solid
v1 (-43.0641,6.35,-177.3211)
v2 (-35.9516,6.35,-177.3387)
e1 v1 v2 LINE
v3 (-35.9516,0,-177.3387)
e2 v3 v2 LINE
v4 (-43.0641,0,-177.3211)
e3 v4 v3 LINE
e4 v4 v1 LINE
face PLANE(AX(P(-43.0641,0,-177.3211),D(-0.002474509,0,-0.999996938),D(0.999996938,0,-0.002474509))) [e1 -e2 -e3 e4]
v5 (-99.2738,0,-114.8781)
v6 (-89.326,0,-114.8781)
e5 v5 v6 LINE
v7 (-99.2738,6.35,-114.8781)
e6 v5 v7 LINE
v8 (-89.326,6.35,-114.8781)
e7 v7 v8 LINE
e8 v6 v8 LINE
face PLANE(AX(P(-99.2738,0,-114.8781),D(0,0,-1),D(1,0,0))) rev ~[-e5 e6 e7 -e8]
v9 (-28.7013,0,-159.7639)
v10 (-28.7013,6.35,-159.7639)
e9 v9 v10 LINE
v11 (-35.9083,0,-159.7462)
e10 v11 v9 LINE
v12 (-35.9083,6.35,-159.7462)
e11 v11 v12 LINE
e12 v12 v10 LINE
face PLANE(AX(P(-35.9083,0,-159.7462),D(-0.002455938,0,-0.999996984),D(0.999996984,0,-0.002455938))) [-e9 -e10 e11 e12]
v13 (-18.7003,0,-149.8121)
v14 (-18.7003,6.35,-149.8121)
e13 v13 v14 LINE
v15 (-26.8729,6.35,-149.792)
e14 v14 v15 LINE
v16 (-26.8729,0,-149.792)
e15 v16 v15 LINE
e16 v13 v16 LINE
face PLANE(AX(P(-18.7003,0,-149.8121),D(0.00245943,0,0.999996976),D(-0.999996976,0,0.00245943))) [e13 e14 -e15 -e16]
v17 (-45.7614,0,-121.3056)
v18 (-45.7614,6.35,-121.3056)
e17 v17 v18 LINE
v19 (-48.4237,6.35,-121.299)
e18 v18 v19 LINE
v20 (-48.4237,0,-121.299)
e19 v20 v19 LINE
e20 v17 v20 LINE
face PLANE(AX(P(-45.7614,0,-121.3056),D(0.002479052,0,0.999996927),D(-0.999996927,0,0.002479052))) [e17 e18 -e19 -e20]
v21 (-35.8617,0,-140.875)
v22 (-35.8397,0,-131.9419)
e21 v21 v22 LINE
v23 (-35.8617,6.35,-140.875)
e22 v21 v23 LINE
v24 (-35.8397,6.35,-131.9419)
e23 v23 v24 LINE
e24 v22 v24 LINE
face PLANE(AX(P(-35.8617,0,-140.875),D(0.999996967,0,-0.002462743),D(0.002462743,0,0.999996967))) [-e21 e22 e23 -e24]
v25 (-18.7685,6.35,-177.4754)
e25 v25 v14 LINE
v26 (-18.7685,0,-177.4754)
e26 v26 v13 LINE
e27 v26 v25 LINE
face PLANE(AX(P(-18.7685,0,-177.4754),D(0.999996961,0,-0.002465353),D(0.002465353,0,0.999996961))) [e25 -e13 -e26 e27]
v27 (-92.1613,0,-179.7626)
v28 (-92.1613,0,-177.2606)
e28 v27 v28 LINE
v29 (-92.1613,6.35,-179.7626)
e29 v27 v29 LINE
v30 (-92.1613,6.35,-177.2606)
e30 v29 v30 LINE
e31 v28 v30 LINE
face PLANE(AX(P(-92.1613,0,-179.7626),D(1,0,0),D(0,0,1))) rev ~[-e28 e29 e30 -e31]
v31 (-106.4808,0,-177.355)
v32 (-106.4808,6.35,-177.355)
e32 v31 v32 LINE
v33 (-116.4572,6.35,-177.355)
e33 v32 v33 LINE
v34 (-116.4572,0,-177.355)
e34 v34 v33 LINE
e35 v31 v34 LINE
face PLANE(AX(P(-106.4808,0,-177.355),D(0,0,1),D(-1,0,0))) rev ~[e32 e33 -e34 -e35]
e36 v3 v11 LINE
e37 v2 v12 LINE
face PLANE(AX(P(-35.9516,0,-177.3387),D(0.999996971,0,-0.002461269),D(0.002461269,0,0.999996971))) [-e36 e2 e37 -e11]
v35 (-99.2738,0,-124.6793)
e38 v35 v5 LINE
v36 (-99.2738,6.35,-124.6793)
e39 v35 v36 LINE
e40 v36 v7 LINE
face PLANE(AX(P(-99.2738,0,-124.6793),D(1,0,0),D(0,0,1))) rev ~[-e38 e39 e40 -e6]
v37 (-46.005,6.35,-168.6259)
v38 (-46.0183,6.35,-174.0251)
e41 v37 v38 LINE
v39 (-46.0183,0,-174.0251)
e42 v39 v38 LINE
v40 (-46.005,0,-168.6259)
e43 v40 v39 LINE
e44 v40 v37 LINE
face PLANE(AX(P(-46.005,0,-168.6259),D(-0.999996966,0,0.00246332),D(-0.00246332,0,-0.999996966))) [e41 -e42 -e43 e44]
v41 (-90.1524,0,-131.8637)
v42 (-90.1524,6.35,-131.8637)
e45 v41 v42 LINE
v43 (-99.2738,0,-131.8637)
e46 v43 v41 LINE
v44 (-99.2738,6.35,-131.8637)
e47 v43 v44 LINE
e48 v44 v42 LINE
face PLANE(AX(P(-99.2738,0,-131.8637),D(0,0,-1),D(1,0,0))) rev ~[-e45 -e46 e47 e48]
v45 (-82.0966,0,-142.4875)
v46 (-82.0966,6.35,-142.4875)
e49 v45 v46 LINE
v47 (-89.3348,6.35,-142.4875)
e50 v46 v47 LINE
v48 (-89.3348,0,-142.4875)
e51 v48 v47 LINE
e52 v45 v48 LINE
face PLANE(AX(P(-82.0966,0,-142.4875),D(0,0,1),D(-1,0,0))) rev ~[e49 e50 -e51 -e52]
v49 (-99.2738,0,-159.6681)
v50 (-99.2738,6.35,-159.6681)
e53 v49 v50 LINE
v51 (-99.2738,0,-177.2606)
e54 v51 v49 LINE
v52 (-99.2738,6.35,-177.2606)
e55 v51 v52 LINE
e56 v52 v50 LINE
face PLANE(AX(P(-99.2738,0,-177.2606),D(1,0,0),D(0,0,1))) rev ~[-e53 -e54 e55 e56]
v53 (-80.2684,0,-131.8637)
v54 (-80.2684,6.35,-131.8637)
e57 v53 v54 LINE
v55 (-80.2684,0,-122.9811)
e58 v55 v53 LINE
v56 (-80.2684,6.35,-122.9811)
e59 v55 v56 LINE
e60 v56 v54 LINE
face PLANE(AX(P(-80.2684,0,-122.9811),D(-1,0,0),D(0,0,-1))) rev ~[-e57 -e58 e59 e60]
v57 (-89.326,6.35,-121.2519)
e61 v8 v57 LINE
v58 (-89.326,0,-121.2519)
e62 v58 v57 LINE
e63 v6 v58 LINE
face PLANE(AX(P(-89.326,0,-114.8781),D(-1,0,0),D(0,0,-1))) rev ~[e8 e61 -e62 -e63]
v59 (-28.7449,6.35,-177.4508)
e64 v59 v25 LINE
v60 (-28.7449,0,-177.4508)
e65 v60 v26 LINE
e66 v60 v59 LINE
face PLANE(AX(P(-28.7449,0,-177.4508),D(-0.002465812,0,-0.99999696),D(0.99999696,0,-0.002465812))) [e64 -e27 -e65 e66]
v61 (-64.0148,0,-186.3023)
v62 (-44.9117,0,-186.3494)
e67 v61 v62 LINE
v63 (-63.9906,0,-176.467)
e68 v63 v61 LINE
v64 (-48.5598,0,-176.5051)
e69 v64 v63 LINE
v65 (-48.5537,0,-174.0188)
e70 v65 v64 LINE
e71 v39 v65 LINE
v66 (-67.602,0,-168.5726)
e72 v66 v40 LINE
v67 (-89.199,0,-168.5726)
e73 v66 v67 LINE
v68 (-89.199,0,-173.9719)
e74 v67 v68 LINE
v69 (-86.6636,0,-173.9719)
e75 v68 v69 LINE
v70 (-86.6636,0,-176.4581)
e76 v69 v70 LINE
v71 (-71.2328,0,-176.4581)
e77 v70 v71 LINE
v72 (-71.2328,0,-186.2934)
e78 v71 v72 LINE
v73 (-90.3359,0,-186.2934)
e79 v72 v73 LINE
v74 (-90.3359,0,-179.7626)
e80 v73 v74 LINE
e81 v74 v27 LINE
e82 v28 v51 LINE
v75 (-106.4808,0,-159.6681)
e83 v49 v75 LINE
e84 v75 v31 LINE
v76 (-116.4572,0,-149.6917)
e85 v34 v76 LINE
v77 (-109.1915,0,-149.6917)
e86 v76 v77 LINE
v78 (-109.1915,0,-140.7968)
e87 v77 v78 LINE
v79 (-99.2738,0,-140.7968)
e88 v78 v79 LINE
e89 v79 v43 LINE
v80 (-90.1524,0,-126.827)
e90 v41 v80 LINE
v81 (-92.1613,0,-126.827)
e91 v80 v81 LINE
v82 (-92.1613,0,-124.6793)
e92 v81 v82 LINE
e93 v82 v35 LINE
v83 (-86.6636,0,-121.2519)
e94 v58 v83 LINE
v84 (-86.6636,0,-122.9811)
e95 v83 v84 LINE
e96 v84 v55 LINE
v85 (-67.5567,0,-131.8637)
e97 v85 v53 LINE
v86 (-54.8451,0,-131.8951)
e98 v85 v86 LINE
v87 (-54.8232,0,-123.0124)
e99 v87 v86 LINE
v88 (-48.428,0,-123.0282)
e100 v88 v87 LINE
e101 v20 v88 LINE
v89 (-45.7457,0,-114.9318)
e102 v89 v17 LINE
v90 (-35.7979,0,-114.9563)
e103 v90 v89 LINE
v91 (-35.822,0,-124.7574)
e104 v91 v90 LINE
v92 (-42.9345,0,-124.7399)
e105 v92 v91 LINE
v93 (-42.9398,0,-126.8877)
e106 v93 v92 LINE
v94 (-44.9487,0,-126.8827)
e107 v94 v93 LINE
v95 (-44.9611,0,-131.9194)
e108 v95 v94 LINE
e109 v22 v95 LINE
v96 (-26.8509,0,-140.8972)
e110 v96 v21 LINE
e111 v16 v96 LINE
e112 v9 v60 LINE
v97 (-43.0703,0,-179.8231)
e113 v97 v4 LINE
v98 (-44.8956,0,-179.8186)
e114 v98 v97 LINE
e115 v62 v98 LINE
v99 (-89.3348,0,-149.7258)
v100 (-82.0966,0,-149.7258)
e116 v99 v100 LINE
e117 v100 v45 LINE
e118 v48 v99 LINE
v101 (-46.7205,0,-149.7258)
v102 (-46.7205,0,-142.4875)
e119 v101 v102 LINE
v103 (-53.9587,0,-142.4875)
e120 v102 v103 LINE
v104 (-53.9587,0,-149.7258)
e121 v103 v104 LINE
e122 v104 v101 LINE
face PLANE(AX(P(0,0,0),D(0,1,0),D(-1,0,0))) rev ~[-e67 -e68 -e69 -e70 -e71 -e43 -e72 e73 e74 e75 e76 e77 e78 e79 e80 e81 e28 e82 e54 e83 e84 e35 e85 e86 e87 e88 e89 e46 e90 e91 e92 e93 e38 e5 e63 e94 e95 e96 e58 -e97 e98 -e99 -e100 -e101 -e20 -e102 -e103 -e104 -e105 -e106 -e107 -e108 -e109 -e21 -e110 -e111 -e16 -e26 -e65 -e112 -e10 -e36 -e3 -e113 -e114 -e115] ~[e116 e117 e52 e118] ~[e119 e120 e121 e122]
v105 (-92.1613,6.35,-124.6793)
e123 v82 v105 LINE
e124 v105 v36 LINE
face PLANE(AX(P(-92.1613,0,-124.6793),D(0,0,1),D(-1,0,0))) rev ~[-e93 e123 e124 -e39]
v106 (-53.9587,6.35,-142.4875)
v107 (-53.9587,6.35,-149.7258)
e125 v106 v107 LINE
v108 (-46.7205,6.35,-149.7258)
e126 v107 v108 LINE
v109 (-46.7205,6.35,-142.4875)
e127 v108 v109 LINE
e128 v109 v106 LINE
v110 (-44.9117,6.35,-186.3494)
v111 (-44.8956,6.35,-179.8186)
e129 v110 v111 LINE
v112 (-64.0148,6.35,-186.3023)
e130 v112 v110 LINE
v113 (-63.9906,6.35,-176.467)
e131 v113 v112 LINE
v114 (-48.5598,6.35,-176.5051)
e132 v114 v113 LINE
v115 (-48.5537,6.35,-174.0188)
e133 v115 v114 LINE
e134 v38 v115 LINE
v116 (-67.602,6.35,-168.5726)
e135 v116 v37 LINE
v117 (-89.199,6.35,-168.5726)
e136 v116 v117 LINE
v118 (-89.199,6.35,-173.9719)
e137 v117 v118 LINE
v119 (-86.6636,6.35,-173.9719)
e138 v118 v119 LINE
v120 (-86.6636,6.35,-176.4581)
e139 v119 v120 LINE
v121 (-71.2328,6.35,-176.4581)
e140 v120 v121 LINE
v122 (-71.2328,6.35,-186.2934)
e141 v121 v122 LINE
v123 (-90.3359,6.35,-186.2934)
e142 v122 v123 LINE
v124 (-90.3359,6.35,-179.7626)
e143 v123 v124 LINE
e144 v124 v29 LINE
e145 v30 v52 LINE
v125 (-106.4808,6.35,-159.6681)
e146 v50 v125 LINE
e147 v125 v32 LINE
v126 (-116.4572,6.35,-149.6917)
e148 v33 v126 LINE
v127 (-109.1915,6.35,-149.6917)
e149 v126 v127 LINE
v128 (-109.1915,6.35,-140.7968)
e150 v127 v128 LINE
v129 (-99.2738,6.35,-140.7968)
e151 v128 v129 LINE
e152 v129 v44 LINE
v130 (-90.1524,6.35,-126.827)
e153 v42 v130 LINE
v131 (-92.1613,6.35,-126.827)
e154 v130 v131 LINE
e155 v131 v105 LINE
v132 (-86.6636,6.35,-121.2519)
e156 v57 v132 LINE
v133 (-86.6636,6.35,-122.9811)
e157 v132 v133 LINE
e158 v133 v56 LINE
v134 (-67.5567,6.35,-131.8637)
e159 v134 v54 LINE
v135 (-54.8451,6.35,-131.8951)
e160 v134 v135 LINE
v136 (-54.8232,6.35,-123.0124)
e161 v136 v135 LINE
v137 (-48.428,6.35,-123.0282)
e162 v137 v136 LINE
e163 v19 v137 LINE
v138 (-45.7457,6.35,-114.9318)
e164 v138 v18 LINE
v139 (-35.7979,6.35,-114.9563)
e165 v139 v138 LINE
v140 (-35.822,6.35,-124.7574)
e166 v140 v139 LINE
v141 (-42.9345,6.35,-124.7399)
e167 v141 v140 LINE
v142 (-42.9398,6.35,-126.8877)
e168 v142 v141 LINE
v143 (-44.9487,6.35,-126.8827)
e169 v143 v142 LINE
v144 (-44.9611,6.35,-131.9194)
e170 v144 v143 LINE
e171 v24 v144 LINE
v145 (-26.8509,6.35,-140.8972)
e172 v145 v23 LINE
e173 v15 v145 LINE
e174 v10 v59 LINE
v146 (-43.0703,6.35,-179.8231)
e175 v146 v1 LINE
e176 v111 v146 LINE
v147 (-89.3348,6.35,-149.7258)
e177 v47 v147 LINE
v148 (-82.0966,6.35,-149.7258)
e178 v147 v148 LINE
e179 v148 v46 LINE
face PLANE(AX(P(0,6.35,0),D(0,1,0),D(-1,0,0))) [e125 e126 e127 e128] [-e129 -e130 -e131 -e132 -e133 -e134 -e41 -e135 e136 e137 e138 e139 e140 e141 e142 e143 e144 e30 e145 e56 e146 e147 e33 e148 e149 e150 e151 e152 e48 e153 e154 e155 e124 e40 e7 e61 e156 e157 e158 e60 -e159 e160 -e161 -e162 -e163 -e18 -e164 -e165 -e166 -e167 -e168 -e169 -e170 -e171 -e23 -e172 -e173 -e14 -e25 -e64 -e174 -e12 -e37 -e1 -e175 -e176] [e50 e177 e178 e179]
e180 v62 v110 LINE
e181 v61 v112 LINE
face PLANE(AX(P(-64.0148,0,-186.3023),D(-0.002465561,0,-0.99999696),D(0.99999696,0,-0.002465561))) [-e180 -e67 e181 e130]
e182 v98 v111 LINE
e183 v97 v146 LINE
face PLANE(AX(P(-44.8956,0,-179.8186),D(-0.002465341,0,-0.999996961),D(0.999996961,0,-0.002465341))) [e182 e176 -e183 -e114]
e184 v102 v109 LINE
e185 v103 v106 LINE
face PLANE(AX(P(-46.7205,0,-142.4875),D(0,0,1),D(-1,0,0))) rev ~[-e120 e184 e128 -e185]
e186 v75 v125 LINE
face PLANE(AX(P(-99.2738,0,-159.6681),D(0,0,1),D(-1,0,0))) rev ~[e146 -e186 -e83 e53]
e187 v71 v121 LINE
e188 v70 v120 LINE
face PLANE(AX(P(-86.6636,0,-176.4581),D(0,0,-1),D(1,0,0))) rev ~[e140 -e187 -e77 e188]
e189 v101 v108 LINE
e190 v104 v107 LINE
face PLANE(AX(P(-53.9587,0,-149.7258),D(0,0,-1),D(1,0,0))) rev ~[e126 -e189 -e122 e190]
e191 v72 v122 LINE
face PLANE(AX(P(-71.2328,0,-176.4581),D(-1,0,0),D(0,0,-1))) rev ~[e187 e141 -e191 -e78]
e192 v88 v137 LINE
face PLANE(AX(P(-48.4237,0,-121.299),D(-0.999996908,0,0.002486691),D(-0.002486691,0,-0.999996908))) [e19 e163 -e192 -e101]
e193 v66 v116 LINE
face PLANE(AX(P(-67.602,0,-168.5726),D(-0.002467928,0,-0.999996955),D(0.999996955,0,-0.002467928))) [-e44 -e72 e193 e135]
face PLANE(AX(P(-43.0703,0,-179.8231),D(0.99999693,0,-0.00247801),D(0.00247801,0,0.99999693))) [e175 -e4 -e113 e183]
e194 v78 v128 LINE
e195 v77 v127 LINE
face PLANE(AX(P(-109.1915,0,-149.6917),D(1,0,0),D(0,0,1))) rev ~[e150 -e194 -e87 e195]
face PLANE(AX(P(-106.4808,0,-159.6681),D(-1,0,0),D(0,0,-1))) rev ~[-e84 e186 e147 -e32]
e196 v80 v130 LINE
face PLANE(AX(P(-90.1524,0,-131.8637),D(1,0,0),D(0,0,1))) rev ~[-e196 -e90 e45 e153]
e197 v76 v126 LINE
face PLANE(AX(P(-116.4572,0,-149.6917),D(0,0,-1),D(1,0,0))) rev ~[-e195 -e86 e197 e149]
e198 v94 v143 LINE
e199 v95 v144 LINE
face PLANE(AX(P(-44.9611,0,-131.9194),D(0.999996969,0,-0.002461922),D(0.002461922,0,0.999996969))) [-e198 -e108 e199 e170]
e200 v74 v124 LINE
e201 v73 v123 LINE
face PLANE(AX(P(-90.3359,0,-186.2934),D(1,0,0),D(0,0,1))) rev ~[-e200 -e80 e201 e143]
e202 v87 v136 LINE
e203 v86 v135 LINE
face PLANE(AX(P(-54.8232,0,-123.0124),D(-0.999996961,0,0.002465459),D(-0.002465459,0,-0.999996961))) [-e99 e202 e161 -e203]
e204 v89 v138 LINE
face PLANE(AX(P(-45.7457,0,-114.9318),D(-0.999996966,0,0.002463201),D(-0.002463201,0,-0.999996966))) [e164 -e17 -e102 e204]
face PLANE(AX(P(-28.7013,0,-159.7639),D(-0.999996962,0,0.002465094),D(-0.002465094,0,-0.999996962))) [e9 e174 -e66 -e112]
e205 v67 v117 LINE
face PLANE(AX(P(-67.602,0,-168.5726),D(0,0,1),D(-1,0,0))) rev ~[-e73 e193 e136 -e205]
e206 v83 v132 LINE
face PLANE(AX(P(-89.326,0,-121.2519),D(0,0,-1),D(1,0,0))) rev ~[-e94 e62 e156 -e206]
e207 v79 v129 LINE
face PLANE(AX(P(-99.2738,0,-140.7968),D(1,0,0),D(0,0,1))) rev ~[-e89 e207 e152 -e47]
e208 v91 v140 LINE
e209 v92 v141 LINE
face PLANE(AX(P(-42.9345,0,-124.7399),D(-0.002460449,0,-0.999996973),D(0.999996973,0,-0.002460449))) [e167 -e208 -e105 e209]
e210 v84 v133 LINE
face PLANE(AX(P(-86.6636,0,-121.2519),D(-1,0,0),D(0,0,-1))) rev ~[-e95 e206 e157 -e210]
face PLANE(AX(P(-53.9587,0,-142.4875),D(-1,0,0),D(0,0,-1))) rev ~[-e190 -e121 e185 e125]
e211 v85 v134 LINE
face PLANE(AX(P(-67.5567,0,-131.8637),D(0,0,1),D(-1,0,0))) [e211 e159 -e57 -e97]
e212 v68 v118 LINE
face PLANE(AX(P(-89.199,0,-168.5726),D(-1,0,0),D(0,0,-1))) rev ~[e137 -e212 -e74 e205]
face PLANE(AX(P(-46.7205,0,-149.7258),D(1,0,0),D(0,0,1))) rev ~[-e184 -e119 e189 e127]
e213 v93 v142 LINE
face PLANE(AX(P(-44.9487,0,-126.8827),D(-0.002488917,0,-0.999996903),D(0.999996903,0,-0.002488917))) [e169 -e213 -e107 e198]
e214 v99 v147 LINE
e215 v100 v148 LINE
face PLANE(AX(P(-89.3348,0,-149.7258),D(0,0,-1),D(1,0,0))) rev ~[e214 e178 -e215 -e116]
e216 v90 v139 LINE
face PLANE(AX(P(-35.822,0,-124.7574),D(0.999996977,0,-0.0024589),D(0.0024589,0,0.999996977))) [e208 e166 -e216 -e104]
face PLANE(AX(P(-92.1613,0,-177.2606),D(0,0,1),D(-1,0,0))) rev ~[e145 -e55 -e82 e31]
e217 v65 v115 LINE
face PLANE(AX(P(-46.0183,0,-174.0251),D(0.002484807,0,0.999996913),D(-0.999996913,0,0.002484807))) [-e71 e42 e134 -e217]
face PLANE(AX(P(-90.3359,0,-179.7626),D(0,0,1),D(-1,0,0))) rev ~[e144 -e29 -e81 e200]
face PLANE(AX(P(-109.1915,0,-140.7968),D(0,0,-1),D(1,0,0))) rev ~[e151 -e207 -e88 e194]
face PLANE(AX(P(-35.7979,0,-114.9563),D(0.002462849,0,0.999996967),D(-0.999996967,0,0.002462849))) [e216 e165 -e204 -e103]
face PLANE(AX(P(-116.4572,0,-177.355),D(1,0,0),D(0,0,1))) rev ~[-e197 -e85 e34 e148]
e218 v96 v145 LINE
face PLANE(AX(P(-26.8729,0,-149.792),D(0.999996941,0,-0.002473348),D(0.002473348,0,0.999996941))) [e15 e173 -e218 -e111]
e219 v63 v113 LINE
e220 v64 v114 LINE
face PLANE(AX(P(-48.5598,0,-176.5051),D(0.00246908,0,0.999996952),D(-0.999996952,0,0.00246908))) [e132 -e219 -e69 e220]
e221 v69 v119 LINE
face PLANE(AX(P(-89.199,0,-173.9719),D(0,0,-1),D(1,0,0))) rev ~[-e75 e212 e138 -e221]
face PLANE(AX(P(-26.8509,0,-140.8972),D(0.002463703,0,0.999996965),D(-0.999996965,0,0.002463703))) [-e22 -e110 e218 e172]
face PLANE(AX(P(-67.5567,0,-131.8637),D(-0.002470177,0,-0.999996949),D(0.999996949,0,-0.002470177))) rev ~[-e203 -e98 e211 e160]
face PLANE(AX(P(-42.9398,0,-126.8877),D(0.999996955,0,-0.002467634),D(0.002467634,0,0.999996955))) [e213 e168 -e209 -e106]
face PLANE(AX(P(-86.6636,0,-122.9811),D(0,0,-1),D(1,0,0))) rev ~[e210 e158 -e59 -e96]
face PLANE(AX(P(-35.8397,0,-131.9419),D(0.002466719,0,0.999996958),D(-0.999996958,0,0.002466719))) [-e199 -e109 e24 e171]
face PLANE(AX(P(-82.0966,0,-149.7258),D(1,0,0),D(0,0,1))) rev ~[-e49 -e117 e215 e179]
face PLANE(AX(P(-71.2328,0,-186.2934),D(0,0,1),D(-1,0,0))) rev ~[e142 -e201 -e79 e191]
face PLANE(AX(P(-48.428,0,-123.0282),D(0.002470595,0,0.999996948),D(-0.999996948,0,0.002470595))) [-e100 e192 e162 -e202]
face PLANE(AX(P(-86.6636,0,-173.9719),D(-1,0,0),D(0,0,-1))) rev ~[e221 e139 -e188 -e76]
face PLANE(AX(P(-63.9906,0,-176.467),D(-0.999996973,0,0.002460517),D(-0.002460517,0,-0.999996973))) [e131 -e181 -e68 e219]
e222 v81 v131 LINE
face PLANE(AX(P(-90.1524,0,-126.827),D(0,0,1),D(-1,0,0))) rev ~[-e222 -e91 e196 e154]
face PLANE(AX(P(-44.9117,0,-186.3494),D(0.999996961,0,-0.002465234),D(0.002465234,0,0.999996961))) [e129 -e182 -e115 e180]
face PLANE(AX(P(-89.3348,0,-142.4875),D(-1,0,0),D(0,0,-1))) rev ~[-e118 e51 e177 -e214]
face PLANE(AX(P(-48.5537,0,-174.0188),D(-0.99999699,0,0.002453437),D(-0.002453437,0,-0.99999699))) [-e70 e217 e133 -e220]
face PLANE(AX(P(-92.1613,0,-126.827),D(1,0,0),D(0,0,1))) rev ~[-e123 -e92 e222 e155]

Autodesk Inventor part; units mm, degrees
ref_plane "YZ Plane" through (0, 0, 0) normal (1, 0, 0) x (0, 1, 0)
ref_plane "XZ Plane" through (0, 0, 0) normal (0, 1, 0) x (-1, 0, 0)
ref_plane "XY Plane" through (0, 0, 0) normal (0, 0, 1) x (1, 0, 0)
sketch "Sketch1" plane through (0, 0, 0) normal (0, 1, 0) x (-1, 0, 0)
  line L0 (0, 0) -> (464.159, 0) construction
  line L1 (464.159, 0) -> (464.159, -207.7664) construction
  line L2 (464.159, -207.7664) -> (0, -207.7664) construction
  line L3 (0, -207.7664) -> (0, 0) construction
  line L4 (89.199, -168.5726) -> (89.199, -173.9719)
  line L5 (89.199, -173.9719) -> (86.6636, -173.9719)
  line L6 (86.6636, -173.9719) -> (86.6636, -176.4581)
  line L7 (86.6636, -176.4581) -> (71.2328, -176.4581)
  line L8 (71.2328, -176.4581) -> (71.2328, -186.2934)
  line L9 (71.2328, -186.2934) -> (90.3359, -186.2934)
  line L10 (90.3359, -186.2934) -> (90.3359, -179.7626)
  line L11 (90.3359, -179.7626) -> (92.1613, -179.7626)
  line L12 (92.1613, -179.7626) -> (92.1613, -177.2606)
  line L13 (92.1613, -177.2606) -> (99.2738, -177.2606)
  line L14 (99.2738, -177.2606) -> (99.2738, -159.6681)
  line L15 (99.2738, -159.6681) -> (106.4808, -159.6681)
  line L16 (106.4808, -159.6681) -> (106.4808, -177.355)
  line L17 (106.4808, -177.355) -> (116.4572, -177.355)
  line L18 (116.4572, -177.355) -> (116.4572, -149.6917)
  line L19 (116.4572, -149.6917) -> (109.1915, -149.6917)
  line L20 (109.1915, -149.6917) -> (109.1915, -140.7968)
  line L21 (109.1915, -140.7968) -> (99.2738, -140.7968)
  line L22 (99.2738, -140.7968) -> (99.2738, -131.8637)
  line L23 (99.2738, -131.8637) -> (90.1524, -131.8637)
  line L24 (90.1524, -131.8637) -> (90.1524, -126.827)
  line L25 (90.1524, -126.827) -> (92.1613, -126.827)
  line L26 (92.1613, -126.827) -> (92.1613, -124.6793)
  line L27 (92.1613, -124.6793) -> (99.2738, -124.6793)
  line L28 (99.2738, -124.6793) -> (99.2738, -114.8781)
  line L29 (99.2738, -114.8781) -> (89.326, -114.8781)
  line L30 (89.326, -114.8781) -> (89.326, -121.2519)
  line L31 (89.326, -121.2519) -> (86.6636, -121.2519)
  line L32 (86.6636, -121.2519) -> (86.6636, -122.9811)
  line L33 (86.6636, -122.9811) -> (80.2684, -122.9811)
  line L34 (80.2684, -122.9811) -> (80.2684, -131.8637)
  line L35 (67.5567, -131.8637) -> (80.2684, -131.8637)
  line L36 (67.602, -168.5726) -> (89.199, -168.5726)
  line L37 (46.005, -168.6259) -> (46.0183, -174.0251)
  line L38 (46.0183, -174.0251) -> (48.5537, -174.0188)
  line L39 (48.5537, -174.0188) -> (48.5598, -176.5051)
  line L40 (48.5598, -176.5051) -> (63.9906, -176.467)
  line L41 (63.9906, -176.467) -> (64.0148, -186.3023)
  line L42 (64.0148, -186.3023) -> (44.9117, -186.3494)
  line L43 (44.9117, -186.3494) -> (44.8956, -179.8186)
  line L44 (44.8956, -179.8186) -> (43.0703, -179.8231)
  line L45 (43.0703, -179.8231) -> (43.0641, -177.3211)
  line L46 (43.0641, -177.3211) -> (35.9516, -177.3387)
  line L47 (35.9516, -177.3387) -> (35.9083, -159.7462)
  line L48 (35.9083, -159.7462) -> (28.7013, -159.7639)
  line L49 (28.7013, -159.7639) -> (28.7449, -177.4508)
  line L50 (28.7449, -177.4508) -> (18.7685, -177.4754)
  line L51 (18.7685, -177.4754) -> (18.7003, -149.8121)
  line L52 (18.7003, -149.8121) -> (26.8729, -149.792)
  line L53 (26.8729, -149.792) -> (26.8509, -140.8972)
  line L54 (26.8509, -140.8972) -> (35.8617, -140.875)
  line L55 (35.8617, -140.875) -> (35.8397, -131.9419)
  line L56 (35.8397, -131.9419) -> (44.9611, -131.9194)
  line L57 (44.9611, -131.9194) -> (44.9487, -126.8827)
  line L58 (44.9487, -126.8827) -> (42.9398, -126.8877)
  line L59 (42.9398, -126.8877) -> (42.9345, -124.7399)
  line L60 (42.9345, -124.7399) -> (35.822, -124.7574)
  line L61 (35.822, -124.7574) -> (35.7979, -114.9563)
  line L62 (35.7979, -114.9563) -> (45.7457, -114.9318)
  line L63 (45.7457, -114.9318) -> (45.7614, -121.3056)
  line L64 (45.7614, -121.3056) -> (48.4237, -121.299)
  line L65 (48.4237, -121.299) -> (48.428, -123.0282)
  line L66 (48.428, -123.0282) -> (54.8232, -123.0124)
  line L67 (54.8232, -123.0124) -> (54.8451, -131.8951)
  line L68 (67.5567, -131.8637) -> (54.8451, -131.8951)
  line L69 (67.602, -168.5726) -> (46.005, -168.6259)
  line L70 (46.7205, -142.4875) -> (53.9587, -142.4875)
  line L71 (53.9587, -142.4875) -> (53.9587, -149.7258)
  line L72 (53.9587, -149.7258) -> (46.7205, -149.7258)
  line L73 (46.7205, -149.7258) -> (46.7205, -142.4875)
  line L74 (82.0966, -142.4875) -> (89.3348, -142.4875)
  line L75 (89.3348, -142.4875) -> (89.3348, -149.7258)
  line L76 (89.3348, -149.7258) -> (82.0966, -149.7258)
  line L77 (82.0966, -149.7258) -> (82.0966, -142.4875)
  dimension "d30" = 90
  dimension "d32" = 90
  dimension "d34" = 90
  dimension "d35" = 90
  dimension "d36" = 7.2382
  dimension "d39" = 7.2382
  dimension "d40" = 7.2382
  dimension "d41" = 7.2382
  dimension "d43" = 19.8567
  dimension "d44" = 28.1378
extrude "Extrusion1" add sketch "Sketch1" along normal blind 6.35
equation "\"d39\" = d36"
equation "\"d40\" = d36"
properties part number "Monster2"
